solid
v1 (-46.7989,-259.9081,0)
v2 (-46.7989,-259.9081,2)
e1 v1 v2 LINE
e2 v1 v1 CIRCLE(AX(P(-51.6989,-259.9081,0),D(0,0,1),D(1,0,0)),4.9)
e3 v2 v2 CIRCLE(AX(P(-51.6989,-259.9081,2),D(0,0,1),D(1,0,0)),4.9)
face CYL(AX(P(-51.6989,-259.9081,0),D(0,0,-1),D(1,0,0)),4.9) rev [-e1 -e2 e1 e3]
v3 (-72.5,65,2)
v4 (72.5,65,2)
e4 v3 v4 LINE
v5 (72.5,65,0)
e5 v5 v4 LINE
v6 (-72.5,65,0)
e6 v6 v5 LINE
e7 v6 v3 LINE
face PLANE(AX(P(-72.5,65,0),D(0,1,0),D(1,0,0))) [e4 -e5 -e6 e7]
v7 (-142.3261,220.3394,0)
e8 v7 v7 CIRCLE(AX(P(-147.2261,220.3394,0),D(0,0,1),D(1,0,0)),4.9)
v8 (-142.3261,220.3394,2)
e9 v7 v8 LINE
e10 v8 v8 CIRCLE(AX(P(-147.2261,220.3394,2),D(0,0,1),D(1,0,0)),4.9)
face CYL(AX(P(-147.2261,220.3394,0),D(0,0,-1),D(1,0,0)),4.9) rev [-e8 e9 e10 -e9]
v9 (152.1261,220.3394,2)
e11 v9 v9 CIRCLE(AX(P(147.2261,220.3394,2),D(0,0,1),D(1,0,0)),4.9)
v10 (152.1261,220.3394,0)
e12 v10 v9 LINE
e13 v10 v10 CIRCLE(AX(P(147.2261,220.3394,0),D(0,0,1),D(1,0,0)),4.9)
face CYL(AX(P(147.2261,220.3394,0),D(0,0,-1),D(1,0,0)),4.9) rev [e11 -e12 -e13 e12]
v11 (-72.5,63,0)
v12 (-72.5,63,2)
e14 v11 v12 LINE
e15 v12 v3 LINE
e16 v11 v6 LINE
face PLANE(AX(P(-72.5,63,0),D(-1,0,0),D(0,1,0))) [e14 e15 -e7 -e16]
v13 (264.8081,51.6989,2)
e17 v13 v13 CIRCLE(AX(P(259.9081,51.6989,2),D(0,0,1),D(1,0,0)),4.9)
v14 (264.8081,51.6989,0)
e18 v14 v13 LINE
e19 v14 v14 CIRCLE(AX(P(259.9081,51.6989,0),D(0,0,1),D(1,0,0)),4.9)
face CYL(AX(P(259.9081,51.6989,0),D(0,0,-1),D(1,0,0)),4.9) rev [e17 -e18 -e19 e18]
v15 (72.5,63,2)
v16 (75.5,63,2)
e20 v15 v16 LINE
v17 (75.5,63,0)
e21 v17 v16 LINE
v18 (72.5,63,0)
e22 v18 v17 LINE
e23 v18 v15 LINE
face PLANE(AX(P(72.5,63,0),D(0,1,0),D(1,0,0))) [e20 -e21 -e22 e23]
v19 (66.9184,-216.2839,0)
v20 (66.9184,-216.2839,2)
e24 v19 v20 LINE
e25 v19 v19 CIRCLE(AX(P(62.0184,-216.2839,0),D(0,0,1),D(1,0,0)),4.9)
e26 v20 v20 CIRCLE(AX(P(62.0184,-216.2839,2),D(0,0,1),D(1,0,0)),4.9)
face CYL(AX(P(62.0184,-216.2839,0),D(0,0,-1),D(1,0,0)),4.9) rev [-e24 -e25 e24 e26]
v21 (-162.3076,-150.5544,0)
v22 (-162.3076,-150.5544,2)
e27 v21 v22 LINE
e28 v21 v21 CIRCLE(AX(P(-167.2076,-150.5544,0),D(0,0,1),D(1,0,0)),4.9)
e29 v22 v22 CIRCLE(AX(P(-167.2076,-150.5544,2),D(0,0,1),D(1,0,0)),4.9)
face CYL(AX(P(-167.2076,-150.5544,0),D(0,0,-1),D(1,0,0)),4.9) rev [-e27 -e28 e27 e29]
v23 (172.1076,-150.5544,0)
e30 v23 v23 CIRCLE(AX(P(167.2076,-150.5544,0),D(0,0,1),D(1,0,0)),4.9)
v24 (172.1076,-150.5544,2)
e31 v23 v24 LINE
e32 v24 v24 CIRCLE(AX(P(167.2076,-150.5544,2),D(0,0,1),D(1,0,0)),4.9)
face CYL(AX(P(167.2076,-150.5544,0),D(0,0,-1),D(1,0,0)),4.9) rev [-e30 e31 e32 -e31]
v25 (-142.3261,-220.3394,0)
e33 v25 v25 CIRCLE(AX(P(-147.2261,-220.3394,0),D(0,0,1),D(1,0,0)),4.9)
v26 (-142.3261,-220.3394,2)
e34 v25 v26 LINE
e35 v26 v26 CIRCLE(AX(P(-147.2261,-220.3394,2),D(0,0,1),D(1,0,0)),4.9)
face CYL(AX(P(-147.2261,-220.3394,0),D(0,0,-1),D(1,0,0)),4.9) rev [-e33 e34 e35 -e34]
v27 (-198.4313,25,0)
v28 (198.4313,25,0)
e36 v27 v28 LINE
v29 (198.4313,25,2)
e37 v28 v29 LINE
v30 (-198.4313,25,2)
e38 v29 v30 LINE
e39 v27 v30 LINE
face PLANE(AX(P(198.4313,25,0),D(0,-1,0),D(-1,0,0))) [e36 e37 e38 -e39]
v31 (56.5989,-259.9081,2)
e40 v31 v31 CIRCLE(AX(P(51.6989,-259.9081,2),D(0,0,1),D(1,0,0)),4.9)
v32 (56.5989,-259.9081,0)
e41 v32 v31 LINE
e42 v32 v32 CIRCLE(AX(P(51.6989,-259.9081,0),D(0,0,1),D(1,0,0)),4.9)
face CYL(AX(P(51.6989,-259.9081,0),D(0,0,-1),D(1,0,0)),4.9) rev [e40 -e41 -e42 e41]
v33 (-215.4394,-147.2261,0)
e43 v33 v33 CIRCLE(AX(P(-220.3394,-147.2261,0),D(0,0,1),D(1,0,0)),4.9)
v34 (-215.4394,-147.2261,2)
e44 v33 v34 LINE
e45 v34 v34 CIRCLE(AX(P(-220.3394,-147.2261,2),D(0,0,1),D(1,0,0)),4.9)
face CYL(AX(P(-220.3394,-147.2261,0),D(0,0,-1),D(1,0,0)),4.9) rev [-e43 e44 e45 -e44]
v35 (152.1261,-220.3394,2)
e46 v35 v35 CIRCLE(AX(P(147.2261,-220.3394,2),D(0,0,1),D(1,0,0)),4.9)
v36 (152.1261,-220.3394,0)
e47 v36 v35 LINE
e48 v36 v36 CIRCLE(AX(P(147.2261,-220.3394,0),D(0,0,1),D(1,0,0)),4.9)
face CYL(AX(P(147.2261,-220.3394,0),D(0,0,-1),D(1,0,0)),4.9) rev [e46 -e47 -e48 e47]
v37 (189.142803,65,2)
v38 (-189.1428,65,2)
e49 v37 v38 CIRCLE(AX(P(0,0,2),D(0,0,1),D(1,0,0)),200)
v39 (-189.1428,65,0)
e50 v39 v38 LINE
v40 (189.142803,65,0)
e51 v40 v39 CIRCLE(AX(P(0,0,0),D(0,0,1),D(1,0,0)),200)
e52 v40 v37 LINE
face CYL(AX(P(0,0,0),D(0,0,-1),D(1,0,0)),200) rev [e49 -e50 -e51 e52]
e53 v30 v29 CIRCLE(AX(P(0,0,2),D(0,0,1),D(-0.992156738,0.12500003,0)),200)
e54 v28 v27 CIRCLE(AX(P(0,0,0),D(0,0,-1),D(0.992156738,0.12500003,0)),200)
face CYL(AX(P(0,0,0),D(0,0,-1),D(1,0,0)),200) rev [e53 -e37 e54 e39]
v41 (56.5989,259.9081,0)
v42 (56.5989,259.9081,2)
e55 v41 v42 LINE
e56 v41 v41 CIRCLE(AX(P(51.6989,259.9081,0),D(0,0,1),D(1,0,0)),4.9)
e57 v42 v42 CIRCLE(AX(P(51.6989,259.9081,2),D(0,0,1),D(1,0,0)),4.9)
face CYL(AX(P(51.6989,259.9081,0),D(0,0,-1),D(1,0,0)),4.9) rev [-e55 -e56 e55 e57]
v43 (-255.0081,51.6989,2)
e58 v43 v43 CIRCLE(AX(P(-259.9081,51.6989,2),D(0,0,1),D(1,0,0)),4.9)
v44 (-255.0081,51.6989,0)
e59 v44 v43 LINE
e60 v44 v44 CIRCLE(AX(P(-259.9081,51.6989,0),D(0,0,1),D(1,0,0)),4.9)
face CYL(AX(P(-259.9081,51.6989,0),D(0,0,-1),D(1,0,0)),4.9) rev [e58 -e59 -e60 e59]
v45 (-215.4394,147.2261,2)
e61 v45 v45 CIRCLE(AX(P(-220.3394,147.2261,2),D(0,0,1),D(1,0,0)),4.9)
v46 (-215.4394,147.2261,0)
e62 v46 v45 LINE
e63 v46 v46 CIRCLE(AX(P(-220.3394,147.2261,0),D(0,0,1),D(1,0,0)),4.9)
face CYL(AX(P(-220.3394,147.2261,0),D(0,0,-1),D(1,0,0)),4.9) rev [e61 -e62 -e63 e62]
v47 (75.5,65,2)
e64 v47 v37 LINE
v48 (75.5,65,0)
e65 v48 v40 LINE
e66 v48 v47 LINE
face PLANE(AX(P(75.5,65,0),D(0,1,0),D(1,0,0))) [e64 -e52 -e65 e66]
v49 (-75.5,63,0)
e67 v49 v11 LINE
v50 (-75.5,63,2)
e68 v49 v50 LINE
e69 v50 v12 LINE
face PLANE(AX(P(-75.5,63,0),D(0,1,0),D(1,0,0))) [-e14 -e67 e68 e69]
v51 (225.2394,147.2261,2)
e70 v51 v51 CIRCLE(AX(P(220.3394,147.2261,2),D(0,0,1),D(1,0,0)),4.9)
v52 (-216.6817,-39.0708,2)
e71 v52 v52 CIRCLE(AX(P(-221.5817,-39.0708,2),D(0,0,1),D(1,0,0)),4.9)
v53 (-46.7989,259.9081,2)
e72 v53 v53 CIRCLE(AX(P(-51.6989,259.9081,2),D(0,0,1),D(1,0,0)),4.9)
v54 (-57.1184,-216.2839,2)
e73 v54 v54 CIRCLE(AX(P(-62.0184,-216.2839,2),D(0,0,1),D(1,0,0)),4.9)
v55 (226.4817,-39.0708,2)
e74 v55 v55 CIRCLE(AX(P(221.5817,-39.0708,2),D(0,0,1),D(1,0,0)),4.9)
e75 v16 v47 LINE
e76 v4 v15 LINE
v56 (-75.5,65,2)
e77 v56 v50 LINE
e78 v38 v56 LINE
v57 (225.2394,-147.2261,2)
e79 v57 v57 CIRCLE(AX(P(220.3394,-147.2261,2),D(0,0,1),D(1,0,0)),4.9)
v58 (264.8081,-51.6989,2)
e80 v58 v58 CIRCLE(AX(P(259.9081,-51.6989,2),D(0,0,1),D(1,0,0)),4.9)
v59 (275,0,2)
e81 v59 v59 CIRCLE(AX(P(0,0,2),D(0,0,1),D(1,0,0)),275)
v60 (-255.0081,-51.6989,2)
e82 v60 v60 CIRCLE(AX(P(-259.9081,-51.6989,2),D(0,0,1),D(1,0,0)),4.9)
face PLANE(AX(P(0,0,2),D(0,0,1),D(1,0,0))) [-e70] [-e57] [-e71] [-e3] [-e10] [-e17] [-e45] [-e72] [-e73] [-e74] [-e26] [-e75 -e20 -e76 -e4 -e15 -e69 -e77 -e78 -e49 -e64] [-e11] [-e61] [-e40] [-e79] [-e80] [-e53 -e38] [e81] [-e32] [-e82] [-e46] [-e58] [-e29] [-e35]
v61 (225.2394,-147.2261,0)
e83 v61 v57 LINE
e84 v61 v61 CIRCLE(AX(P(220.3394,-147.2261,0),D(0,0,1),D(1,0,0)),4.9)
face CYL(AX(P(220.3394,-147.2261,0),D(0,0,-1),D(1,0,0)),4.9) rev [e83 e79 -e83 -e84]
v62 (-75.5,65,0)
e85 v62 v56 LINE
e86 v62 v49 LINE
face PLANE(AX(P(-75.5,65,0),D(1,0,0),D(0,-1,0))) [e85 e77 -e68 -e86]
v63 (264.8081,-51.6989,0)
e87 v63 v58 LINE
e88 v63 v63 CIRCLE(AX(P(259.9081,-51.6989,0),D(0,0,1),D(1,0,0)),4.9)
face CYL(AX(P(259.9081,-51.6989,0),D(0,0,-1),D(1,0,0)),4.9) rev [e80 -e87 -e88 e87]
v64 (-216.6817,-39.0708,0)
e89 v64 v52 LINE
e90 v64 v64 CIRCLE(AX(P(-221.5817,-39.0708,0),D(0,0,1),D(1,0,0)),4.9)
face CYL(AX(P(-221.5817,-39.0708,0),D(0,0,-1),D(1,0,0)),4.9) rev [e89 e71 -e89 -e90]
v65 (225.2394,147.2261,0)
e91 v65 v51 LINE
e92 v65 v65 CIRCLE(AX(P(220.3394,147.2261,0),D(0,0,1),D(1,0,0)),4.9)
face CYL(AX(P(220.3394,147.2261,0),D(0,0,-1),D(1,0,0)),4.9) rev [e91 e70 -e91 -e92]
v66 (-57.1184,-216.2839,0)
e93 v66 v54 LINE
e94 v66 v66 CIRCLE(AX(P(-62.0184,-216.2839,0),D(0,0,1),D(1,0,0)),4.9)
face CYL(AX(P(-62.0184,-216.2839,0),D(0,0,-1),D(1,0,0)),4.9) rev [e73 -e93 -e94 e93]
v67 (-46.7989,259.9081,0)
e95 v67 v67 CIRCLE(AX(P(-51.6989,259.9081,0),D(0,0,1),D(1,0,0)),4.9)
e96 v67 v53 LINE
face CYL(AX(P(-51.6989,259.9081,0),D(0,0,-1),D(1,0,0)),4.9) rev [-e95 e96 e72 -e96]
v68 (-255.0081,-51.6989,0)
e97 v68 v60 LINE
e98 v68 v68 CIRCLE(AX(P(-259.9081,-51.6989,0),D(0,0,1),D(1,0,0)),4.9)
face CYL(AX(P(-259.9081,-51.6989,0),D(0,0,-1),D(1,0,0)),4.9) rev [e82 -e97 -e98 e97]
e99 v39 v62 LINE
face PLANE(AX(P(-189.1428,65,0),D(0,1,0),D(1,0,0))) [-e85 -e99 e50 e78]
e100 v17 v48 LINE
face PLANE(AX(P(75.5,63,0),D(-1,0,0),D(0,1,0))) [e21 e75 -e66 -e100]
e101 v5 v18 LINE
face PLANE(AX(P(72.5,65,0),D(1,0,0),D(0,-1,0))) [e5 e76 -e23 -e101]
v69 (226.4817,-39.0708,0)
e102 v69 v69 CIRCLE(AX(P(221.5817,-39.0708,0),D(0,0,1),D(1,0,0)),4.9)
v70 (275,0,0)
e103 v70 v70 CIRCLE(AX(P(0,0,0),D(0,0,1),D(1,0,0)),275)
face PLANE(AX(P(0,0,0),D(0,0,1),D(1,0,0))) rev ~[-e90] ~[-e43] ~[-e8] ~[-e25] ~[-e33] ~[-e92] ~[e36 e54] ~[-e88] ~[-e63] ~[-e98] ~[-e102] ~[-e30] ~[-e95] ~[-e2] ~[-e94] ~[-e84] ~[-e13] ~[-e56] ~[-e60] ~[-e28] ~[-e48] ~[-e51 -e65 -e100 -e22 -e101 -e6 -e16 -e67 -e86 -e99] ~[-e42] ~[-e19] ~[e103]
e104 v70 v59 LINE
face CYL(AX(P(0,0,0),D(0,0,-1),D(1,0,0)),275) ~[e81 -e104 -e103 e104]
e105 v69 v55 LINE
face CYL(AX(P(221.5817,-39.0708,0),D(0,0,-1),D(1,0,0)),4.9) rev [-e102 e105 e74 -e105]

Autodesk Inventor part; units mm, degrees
ref_plane "YZ Plane" through (0, 0, 0) normal (1, 0, 0) x (0, 1, 0)
ref_plane "XZ Plane" through (0, 0, 0) normal (0, 1, 0) x (-1, 0, 0)
ref_plane "XY Plane" through (0, 0, 0) normal (0, 0, 1) x (1, 0, 0)
sketch "Sketch1" plane through (0, 0, 0) normal (0, 0, 1) x (1, 0, 0)
  circle A0 centre (0, 0) radius 200
  circle A1 centre (0, 0) radius 275
  circle A2 centre (0, 0) radius 265 construction
  line L0 (-158.7713, -275) -> (-317.5426, 0) construction
  line L1 (-317.5426, 0) -> (-158.7713, 275) construction
  line L2 (-158.7713, 275) -> (158.7713, 275) construction
  line L3 (158.7713, 275) -> (317.5426, 0) construction
  line L4 (317.5426, 0) -> (158.7713, -275) construction
  line L5 (158.7713, -275) -> (-158.7713, -275) construction
  arc A3 (-33.4427, 262.8813) -> (-69.7033, 255.6686) centre (0, 0) ccw construction
  arc A4 (-34.0611, 267.7421) -> (-70.9921, 260.3961) centre (0, 0) ccw construction
  arc A5 (-32.8244, 258.0205) -> (-68.4144, 250.9412) centre (0, 0) ccw construction
  arc A6 (-32.8244, 258.0205) -> (-34.0611, 267.7421) centre (-33.4427, 262.8813) ccw construction
  arc A7 (-70.9921, 260.3961) -> (-68.4144, 250.9412) centre (-69.7033, 255.6686) ccw construction
  line L6 (-33.4427, 262.8813) -> (0, 0) construction
  line L7 (-69.7033, 255.6686) -> (0, 0) construction
  line L8 (0, 0) -> (0, 200) construction
  line L9 (-51.6989, 259.9081) -> (0, 0) construction
  circle A8 centre (-51.6989, 259.9081) radius 4.9
  circle A9 centre (-147.2261, 220.3394) radius 4.9
  circle A10 centre (-220.3394, 147.2261) radius 4.9
  circle A11 centre (-259.9081, 51.6989) radius 4.9
  circle A12 centre (-259.9081, -51.6989) radius 4.9
  circle A13 centre (-220.3394, -147.2261) radius 4.9
  circle A14 centre (-147.2261, -220.3394) radius 4.9
  circle A15 centre (-51.6989, -259.9081) radius 4.9
  circle A16 centre (51.6989, -259.9081) radius 4.9
  circle A17 centre (147.2261, -220.3394) radius 4.9
  circle A18 centre (220.3394, -147.2261) radius 4.9
  circle A19 centre (259.9081, -51.6989) radius 4.9
  circle A20 centre (259.9081, 51.6989) radius 4.9
  circle A21 centre (220.3394, 147.2261) radius 4.9
  circle A22 centre (147.2261, 220.3394) radius 4.9
  circle A23 centre (51.6989, 259.9081) radius 4.9
  circle A24 centre (-221.5817, -39.0708) radius 4.9
  circle A25 centre (0, 0) radius 225 construction
  line L10 (0, 0) -> (-275, 0) construction
  line L11 (-221.5817, -39.0708) -> (0, 0) construction
  circle A26 centre (-167.2076, -150.5544) radius 4.9
  circle A27 centre (-62.0184, -216.2839) radius 4.9
  circle A28 centre (62.0184, -216.2839) radius 4.9
  circle A29 centre (167.2076, -150.5544) radius 4.9
  circle A30 centre (221.5817, -39.0708) radius 4.9
  line L12 (-189.1428, 65) -> (198.4313, 65)
  line L13 (198.4313, 65) -> (198.4313, 25)
  line L14 (198.4313, 25) -> (-189.1428, 25)
  line L15 (-189.1428, 25) -> (-189.1428, 65)
  line L16 (-189.1428, 25) -> (-198.4313, 25)
  line L17 (72.5, 65) -> (72.5, 63)
  line L18 (72.5, 63) -> (75.5, 63)
  line L19 (75.5, 63) -> (75.5, 65)
  line L20 (-75.5, 65) -> (-75.5, 63)
  line L21 (-75.5, 63) -> (-72.5, 63)
  line L22 (-72.5, 63) -> (-72.5, 65)
  point P0 (0, -275)
  point P1 (238.157, 137.5)
  point P2 (-238.157, 137.5)
  point P3 (-189.1428, 45)
  point P4 (-198.9975, -20)
  point P5 (189.1428, 65)
  point P6 (74, 63)
  point P7 (-74, 63)
  dimension "d39" = 530
  dimension "d84" = 450
  dimension "d31" = 550
  dimension "d32" = 400
  dimension "d57" = 8
  dimension "d58" = 11.25
  dimension "d82" = 360
  dimension "d89" = 10
  dimension "d92" = 160
  dimension "d94" = 9.8
  dimension "d95" = 40
  dimension "d96" = 25
  dimension "d97" = 2
  dimension "d98" = 3
  dimension "d99" = 148
extrude "Plate4" add sketch "Sketch1" along normal blind 2 contours L14 L15 L12 L20 L21 L22 L17 L18 L19 A0 | A0 L12 L13 | A0 L15 L16 | A1
sketch "Sketch5" plane through (0, 0, 2) normal (0, 0, 1) x (1, 0, 0)
  line L0 (-1.6, -169) -> (1.6, -169)
  line L1 (1.6, -169) -> (1.6, -209)
  line L2 (1.6, -209) -> (-1.6, -209)
  line L3 (-1.6, -209) -> (-1.6, -169)
  line L4 (-207, -40) -> (-167, -40)
  line L5 (-167, -40) -> (-167, -43.2)
  line L6 (-167, -43.2) -> (-207, -43.2)
  line L7 (-207, -43.2) -> (-207, -40)
  line L8 (0, 0) -> (0, -169)
  line L9 (167, -40) -> (207, -40)
  line L10 (207, -40) -> (207, -43.2)
  line L11 (207, -43.2) -> (167, -43.2)
  line L12 (167, -43.2) -> (167, -40)
  dimension "d74" = 3.2
  dimension "d75" = 40
  dimension "d76" = 40
  dimension "d77" = 40
  dimension "d78" = 167
  dimension "d79" = 169
feature "Mark1" [suppressed]
equation "\"d63\" = Thickness"
equation "\"BendRadius\" = Thickness"
equation "\"BendReliefWidth\" = Thickness"
equation "\"BendReliefDepth\" = 0.5 * Thickness"
equation "\"CornerReliefSize\" = 4 * Thickness"
equation "\"MinimumRemnant\" = 2 * Thickness"
equation "\"TransitionRadius\" = BendRadius"
equation "\"JacobiRadiusSize\" = BendRadius"
equation "\"GapSize\" = Thickness"
equation "\"Thickness\" = 2"
properties part number "DMF 2.1 01 45 Gear ring 5_CPY"
